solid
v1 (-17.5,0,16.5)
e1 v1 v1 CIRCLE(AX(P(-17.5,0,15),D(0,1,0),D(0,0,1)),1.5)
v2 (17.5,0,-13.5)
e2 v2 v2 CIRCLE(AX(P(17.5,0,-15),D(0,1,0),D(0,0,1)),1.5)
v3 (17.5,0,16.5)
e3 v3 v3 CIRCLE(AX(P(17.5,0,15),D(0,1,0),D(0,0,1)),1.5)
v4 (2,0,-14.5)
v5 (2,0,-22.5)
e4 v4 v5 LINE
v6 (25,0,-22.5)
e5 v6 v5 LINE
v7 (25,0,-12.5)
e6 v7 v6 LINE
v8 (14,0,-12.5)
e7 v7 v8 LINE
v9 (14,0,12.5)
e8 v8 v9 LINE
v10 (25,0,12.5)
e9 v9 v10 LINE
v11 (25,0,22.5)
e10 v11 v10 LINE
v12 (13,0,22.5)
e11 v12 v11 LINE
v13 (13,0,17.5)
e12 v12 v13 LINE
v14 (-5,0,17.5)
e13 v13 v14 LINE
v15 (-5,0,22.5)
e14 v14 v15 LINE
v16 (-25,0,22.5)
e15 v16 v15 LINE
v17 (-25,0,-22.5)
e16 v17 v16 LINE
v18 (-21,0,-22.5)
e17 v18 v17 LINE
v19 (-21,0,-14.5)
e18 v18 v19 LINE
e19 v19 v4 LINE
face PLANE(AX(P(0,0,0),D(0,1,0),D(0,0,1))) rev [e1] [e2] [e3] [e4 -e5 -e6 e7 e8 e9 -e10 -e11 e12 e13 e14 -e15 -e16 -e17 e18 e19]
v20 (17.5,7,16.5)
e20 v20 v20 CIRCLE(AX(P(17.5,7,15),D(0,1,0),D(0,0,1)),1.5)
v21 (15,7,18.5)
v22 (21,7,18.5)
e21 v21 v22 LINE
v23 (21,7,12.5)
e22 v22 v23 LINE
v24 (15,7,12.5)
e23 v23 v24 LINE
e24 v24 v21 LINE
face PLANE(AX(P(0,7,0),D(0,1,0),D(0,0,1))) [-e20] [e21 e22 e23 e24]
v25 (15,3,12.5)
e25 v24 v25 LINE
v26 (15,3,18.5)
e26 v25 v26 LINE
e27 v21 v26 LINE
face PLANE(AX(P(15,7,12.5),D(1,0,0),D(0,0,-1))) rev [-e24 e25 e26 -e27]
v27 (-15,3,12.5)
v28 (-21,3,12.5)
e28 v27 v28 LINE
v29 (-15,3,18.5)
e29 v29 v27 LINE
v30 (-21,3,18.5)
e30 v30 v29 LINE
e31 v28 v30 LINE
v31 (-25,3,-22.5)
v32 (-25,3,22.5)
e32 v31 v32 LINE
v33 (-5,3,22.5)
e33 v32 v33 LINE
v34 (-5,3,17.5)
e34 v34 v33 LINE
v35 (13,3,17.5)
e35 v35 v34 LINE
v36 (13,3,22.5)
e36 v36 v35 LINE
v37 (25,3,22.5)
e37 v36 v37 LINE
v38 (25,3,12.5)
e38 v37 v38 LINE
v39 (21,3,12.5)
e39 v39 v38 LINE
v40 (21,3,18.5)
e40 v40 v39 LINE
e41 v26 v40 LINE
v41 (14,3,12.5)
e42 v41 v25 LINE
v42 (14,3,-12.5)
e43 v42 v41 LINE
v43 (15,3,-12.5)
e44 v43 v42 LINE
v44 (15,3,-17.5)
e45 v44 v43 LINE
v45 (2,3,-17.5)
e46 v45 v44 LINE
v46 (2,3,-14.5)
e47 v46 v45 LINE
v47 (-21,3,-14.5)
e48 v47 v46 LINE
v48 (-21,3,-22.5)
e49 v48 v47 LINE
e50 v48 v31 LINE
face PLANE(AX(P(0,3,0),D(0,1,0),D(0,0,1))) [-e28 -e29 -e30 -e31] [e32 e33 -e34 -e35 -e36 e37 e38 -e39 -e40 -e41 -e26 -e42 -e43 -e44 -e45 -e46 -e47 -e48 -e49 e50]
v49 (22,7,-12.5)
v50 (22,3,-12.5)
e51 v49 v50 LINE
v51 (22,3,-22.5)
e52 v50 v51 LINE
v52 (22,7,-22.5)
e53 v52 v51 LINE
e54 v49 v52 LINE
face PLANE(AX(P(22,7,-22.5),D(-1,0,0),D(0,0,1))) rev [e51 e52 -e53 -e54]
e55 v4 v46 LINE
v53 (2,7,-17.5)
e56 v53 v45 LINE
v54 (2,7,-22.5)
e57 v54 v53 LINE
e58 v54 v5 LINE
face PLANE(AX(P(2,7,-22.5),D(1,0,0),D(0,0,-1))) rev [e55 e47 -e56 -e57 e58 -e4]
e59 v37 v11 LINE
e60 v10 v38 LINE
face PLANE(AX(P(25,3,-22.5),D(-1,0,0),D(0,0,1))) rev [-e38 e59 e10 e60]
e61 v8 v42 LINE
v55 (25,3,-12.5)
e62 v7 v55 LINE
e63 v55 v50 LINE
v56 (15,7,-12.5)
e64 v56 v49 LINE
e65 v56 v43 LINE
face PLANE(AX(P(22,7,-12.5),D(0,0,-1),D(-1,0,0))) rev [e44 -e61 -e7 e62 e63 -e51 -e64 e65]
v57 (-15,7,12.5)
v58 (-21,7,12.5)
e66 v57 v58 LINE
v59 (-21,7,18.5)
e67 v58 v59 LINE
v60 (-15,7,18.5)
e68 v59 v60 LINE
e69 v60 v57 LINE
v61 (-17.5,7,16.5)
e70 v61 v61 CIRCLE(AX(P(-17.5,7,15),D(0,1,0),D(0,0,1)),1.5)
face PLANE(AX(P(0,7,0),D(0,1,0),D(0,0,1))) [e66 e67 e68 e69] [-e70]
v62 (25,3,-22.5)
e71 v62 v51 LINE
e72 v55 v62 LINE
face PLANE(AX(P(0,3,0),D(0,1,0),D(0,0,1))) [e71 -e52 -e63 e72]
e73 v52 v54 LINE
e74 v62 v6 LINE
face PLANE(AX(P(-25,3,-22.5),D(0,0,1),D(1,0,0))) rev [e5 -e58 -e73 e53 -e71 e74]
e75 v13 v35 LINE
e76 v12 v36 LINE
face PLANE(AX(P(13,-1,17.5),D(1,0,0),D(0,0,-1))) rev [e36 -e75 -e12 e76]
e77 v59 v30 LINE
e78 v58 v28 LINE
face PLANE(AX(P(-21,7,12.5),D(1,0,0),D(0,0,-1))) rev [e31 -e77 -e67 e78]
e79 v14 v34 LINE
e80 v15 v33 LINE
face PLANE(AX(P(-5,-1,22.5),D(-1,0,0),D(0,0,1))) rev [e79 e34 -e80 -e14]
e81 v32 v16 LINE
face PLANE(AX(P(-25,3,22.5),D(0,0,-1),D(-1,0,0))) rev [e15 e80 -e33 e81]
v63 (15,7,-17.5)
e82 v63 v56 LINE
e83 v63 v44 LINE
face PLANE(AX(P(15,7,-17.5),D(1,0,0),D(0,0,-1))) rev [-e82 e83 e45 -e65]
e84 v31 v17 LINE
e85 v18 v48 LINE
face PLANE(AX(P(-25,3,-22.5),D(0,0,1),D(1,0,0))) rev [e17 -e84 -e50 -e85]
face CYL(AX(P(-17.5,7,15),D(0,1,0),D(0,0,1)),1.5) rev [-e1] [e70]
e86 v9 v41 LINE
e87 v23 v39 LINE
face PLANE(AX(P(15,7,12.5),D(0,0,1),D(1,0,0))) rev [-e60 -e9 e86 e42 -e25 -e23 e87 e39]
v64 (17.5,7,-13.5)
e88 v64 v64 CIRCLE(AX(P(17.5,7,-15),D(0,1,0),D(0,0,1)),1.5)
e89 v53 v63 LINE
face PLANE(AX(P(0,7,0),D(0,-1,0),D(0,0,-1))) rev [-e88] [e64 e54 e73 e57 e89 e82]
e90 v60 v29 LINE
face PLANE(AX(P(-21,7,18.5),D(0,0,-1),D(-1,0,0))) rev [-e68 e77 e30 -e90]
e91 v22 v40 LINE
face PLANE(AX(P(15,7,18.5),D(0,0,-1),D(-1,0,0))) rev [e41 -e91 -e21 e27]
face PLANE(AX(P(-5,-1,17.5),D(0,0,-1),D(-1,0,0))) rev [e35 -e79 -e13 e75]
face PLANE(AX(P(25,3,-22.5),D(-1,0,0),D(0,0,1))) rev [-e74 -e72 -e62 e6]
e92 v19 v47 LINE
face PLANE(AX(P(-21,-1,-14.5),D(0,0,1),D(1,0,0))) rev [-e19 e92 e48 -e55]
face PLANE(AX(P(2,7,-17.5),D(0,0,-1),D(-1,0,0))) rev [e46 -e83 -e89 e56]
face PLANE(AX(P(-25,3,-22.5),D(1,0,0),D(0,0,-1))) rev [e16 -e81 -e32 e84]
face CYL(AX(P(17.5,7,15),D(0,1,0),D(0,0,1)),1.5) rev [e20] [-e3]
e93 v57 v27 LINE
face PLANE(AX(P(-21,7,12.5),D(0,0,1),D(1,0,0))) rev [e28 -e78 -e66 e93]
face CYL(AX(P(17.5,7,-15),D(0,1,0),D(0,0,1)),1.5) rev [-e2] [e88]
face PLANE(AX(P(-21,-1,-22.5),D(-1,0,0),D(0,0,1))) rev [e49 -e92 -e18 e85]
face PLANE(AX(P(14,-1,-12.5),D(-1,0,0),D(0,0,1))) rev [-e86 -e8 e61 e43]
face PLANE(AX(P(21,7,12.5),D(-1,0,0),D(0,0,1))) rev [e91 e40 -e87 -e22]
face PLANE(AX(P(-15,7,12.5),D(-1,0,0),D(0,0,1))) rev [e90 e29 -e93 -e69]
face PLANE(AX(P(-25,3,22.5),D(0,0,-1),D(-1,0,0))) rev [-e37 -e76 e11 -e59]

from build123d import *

# Parameters (mm, degrees)
SKETCH_1_W          = 50
SKETCH_1_H          = 45
EXTRUDE_1_DEPTH     = 3
SKETCH_2_W          = 6
SKETCH_2_H          = 6
EXTRUDE_2_DEPTH     = 4
SKETCH_4_W          = 23
SKETCH_4_H          = 8
SKETCH_4_W_2        = 11
SKETCH_4_H_2        = 25
SKETCH_4_W_3        = 18
SKETCH_4_H_3        = 5
CUT_EXTRUDE_1_DEPTH = 4
HOLE_WIZARD_1_D     = 3


with BuildPart() as part:
    # 草图1 → 凸台-拉伸1 (new body)
    with BuildSketch(Plane(origin=(0, 0, 0), x_dir=(1, 0, 0), z_dir=(0, 1, 0))):
        Rectangle(SKETCH_1_W, SKETCH_1_H)
    extrude(amount=EXTRUDE_1_DEPTH)

    # 草图2 → 凸台-拉伸2 (add)
    with BuildSketch(Plane(origin=(0, 3, 0), x_dir=(1, 0, 0), z_dir=(0, 1, 0))):
        Polygon((22, 22.5), (15, 22.5), (2, 22.5), (2, 17.5), (15, 17.5), (15, 12.5), (22, 12.5), align=None)
        with Locations((-18, -15.5)):
            Rectangle(SKETCH_2_W, SKETCH_2_H)
        with Locations((18, -15.5)):
            Rectangle(SKETCH_2_W, SKETCH_2_H)
    extrude(amount=EXTRUDE_2_DEPTH)

    # 草图4 → 切除-拉伸1 (cut)
    with BuildSketch(Plane(origin=(0, 3, 0), x_dir=(1, 0, 0), z_dir=(0, 1, 0))):
        with Locations((-9.5, 18.5)):
            Rectangle(SKETCH_4_W, SKETCH_4_H)
        with Locations((19.5, 0)):
            Rectangle(SKETCH_4_W_2, SKETCH_4_H_2)
        with Locations((4, -20)):
            Rectangle(SKETCH_4_W_3, SKETCH_4_H_3)
    extrude(amount=-CUT_EXTRUDE_1_DEPTH, mode=Mode.SUBTRACT)

    # 孔1 (through all)
    with Locations(Plane(origin=(-17.5, 7, 15), x_dir=(0, 0, 1), z_dir=(0, 1, 0))):
        with Locations((0, 0), (0, 35), (-30, 35)):
            Hole(HOLE_WIZARD_1_D / 2)


solid = part.part
